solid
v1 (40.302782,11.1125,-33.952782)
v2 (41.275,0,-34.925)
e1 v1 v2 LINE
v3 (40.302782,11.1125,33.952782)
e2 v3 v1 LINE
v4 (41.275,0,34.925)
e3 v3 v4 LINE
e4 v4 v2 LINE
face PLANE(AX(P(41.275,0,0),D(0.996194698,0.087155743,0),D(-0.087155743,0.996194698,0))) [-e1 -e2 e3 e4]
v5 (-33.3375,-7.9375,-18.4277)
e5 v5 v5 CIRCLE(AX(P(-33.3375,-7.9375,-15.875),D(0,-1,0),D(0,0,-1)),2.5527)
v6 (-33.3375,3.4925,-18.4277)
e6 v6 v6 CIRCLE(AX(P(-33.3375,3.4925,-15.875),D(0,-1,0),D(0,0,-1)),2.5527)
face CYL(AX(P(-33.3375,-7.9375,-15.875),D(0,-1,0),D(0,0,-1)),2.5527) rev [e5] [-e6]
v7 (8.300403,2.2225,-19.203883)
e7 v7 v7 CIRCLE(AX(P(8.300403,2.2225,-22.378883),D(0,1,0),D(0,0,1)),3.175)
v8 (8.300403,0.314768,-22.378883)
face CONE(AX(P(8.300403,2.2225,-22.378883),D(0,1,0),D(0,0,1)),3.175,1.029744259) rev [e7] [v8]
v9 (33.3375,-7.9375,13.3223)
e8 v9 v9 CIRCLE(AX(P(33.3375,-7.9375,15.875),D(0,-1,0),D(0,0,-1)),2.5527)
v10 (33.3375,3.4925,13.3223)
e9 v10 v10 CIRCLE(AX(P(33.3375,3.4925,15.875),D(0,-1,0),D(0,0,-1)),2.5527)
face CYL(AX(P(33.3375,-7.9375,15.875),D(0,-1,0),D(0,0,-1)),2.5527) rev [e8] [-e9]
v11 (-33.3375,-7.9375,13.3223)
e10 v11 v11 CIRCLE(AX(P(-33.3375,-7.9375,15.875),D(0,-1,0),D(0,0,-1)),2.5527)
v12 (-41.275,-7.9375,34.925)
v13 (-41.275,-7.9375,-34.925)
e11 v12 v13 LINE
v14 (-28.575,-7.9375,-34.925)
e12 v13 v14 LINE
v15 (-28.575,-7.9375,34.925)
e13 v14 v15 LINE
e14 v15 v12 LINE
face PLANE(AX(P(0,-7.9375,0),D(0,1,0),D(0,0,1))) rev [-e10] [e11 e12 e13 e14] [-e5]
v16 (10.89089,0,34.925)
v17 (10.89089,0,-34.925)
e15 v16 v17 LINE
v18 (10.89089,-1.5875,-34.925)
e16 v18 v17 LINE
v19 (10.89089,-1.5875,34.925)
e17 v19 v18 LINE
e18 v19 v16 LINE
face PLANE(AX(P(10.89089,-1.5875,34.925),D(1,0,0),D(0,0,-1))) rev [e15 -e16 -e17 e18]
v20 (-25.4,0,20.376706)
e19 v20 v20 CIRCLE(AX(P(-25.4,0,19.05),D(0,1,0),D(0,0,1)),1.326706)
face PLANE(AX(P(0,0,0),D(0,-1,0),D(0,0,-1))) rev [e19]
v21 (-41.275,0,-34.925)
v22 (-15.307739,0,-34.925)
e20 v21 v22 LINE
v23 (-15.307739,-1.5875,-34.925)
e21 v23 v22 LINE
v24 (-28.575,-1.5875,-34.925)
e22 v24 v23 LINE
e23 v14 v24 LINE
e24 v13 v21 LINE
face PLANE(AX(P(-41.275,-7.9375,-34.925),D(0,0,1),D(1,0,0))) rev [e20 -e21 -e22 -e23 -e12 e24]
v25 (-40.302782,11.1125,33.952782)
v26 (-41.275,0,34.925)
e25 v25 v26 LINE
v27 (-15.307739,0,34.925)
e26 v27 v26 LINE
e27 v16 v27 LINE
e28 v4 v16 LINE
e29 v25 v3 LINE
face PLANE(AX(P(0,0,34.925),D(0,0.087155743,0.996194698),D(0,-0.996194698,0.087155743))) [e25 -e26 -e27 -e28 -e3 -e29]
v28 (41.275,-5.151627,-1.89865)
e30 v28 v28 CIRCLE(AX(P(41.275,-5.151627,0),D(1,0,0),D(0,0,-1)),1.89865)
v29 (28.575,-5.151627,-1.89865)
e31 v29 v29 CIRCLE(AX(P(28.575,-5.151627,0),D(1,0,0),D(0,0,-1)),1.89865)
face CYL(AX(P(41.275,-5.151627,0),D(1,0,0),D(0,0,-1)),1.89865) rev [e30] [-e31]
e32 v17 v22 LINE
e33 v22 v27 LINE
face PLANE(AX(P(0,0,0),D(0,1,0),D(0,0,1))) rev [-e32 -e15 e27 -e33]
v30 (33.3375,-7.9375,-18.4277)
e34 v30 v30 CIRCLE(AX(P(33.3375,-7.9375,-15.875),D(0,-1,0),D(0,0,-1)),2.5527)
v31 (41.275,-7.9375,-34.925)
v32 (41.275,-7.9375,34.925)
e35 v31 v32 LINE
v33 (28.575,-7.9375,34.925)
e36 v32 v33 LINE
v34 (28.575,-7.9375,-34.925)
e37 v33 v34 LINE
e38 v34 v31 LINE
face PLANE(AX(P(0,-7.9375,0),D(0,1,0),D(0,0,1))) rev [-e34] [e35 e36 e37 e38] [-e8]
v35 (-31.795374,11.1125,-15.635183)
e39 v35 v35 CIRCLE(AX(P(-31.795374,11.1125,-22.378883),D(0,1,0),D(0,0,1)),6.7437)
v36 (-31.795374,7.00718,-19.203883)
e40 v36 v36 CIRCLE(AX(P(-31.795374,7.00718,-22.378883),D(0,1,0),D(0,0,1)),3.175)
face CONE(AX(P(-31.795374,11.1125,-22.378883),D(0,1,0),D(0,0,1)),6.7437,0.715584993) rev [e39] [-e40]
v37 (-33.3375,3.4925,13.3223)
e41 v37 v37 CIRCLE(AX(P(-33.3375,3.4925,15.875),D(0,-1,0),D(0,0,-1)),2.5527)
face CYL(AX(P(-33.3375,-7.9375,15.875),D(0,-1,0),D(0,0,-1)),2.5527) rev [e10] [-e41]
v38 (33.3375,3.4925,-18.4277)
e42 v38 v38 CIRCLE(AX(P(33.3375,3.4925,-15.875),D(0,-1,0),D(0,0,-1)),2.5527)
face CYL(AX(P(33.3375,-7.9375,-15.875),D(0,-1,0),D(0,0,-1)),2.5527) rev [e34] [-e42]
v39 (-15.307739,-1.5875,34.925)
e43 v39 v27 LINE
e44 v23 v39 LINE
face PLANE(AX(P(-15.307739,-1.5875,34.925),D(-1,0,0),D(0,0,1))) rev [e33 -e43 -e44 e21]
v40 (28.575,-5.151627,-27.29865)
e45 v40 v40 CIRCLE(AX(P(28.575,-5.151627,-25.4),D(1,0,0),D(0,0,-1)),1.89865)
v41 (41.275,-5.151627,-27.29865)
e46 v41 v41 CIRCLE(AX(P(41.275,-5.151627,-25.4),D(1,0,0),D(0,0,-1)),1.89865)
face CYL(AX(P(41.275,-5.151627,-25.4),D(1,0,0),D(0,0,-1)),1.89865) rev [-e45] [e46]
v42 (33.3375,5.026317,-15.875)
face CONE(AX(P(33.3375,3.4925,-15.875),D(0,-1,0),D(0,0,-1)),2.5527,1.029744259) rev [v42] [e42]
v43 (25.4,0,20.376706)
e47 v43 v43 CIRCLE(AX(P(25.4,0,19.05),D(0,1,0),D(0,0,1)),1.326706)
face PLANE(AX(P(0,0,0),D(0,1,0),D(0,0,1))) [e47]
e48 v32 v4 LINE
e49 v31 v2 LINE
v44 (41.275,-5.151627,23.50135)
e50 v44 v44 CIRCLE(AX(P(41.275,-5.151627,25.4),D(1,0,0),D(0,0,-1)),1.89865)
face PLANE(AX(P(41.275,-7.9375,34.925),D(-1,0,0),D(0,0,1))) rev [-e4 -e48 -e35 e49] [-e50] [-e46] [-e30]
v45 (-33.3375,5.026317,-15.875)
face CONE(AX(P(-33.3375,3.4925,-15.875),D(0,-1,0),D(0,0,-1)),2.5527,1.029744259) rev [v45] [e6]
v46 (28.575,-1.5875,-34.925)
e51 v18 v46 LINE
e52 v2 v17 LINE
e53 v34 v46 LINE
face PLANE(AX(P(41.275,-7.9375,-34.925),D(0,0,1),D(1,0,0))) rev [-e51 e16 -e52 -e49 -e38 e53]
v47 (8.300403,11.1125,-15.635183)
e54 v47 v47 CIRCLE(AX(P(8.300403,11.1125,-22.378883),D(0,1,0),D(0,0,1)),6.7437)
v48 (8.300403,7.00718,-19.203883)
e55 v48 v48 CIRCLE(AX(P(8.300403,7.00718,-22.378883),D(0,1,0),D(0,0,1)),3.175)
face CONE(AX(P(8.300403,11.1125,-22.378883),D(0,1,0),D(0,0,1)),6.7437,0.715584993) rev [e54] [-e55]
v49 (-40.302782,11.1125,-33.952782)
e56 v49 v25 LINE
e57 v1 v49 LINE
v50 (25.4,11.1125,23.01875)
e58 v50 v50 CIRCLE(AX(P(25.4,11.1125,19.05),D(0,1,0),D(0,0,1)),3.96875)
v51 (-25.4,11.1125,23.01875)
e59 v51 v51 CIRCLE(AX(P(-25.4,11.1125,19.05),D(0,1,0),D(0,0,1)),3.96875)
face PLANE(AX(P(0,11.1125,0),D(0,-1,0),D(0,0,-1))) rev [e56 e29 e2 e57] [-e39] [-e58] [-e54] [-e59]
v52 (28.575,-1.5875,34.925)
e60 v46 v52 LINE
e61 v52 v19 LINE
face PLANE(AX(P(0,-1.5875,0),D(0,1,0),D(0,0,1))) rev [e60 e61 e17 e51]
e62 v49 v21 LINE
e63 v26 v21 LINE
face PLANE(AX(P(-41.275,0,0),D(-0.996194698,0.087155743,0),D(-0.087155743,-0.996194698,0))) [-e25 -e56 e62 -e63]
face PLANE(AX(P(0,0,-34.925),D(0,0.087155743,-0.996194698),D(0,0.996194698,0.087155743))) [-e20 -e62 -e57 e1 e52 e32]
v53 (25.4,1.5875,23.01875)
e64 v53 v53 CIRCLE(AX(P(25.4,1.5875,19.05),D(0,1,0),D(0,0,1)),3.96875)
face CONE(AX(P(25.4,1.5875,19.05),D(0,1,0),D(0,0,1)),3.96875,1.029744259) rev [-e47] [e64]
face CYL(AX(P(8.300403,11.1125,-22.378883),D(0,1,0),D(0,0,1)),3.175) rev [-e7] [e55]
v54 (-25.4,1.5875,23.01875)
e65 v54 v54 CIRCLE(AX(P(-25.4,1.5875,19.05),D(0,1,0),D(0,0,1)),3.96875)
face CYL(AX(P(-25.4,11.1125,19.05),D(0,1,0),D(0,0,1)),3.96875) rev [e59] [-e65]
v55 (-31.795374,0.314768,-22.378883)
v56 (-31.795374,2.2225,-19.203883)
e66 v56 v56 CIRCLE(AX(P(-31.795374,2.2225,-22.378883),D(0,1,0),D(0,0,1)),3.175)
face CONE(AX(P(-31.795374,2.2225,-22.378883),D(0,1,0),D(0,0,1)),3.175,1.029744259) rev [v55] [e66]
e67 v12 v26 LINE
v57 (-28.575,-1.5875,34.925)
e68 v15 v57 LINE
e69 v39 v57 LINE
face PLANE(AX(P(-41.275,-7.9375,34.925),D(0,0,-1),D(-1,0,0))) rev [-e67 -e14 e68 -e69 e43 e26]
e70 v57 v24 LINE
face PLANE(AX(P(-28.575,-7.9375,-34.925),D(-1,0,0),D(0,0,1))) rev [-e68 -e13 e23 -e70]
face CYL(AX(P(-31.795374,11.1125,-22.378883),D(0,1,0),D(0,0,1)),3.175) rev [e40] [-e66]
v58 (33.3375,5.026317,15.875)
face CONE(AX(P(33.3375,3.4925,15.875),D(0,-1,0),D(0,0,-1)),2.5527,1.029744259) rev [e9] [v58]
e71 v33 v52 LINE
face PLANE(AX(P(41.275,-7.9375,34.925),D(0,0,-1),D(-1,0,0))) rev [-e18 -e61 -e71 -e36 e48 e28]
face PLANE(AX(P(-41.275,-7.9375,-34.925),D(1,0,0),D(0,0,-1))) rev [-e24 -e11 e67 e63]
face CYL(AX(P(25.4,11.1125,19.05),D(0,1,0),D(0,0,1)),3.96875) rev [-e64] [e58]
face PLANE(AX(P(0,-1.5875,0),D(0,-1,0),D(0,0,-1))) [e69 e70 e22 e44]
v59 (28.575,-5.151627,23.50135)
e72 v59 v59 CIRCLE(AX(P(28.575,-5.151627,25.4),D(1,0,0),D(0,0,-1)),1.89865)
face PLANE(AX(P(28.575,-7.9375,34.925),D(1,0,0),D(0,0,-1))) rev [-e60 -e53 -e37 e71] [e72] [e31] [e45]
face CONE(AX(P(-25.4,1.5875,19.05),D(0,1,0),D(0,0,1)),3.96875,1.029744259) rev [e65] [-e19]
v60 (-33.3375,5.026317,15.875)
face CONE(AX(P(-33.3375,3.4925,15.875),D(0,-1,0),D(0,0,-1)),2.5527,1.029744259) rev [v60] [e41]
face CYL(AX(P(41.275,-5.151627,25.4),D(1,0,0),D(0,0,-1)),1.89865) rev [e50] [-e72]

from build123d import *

# Parameters (mm, degrees)
SKETCH1_W                             = 82.55
SKETCH1_H                             = 69.85
BOSS_EXTRUDE1_DEPTH                   = 7.9375
SKETCH2_W                             = 82.55
SKETCH2_H                             = 69.85
BOSS_EXTRUDE2_DEPTH                   = 3.175
F_3_8_16_TAPPED_HOLE1_D               = 7.9375
F_3_8_16_TAPPED_HOLE1_DEPTH           = 9.525
F_3_8_16_TAPPED_HOLE1_TIP             = 2.384665582
DRAFT1_ANGLE                          = 5
SKETCH3_W                             = 12.7
SKETCH3_H                             = 69.85
BOSS_EXTRUDE3_DEPTH                   = 7.9375
SKETCH4_W                             = 13.267261336
SKETCH4_H                             = 69.85
SKETCH4_W_2                           = 17.684109612
WEAR_PADS_DEPTH                       = 1.5875
F_10_24_TAPPED_HOLE1_D                = 3.7973
F_10_24_TAPPED_HOLE1_DEPTH            = 12.7
F_1_4_0_25_DIAMETER_HOLE1_D           = 6.35
F_1_4_0_25_DIAMETER_HOLE1_DEPTH       = 8.89
F_1_4_0_25_DIAMETER_HOLE1_CSINK_D     = 13.4874
F_1_4_0_25_DIAMETER_HOLE1_CSINK_ANGLE = 82
F_1_4_0_25_DIAMETER_HOLE1_TIP         = 1.907732465
F_1_4_20_TAPPED_HOLE1_D               = 5.1054
F_1_4_20_TAPPED_HOLE1_DEPTH           = 11.43
F_1_4_20_TAPPED_HOLE1_TIP             = 1.533816902
F_1_4_20_TAPPED_HOLE2_D               = 5.1054
F_1_4_20_TAPPED_HOLE2_DEPTH           = 11.43
F_1_4_20_TAPPED_HOLE2_TIP             = 1.533816902


with BuildPart() as part:
    # Sketch1 → Boss-Extrude1 (new body)
    with BuildSketch(Plane(origin=(0, 0, 0), x_dir=(1, 0, 0), z_dir=(0, 1, 0))):
        Rectangle(SKETCH1_W, SKETCH1_H)
    extrude(amount=BOSS_EXTRUDE1_DEPTH)

    # Sketch2 → Boss-Extrude2 (add)
    with BuildSketch(Plane(origin=(0, 7.9375, 0), x_dir=(1, 0, 0), z_dir=(0, 1, 0))):
        Rectangle(SKETCH2_W, SKETCH2_H)
    extrude(amount=BOSS_EXTRUDE2_DEPTH)

    # 3/8-16 Tapped Hole1
    with Locations(Plane(origin=(0, 11.1125, 0), x_dir=(1, 0, 0), z_dir=(0, 1, 0))):
        with Locations((-25.4, -19.05), (25.4, -19.05)):
            Hole(F_3_8_16_TAPPED_HOLE1_D / 2, depth=F_3_8_16_TAPPED_HOLE1_DEPTH)
            with Locations((0, 0, -(F_3_8_16_TAPPED_HOLE1_DEPTH + F_3_8_16_TAPPED_HOLE1_TIP / 2))):  # 118° drill point
                Cone(0, F_3_8_16_TAPPED_HOLE1_D / 2, F_3_8_16_TAPPED_HOLE1_TIP, mode=Mode.SUBTRACT)

    # Draft1
    draft1_faces = [part.faces().sort_by_distance(p)[0] for p in [
        (0, 5.55625, -34.925),
        (-41.275, 5.55625, 0),
        (0, 5.55625, 34.925),
        (41.275, 5.55625, 0),
    ]]
    draft(draft1_faces, Plane.ZX, DRAFT1_ANGLE)

    # Sketch3 → Boss-Extrude3 (add)
    with BuildSketch(Plane.XZ):
        with Locations((34.925, 0)):
            Rectangle(SKETCH3_W, SKETCH3_H)
        with Locations((-34.925, 0)):
            Rectangle(SKETCH3_W, SKETCH3_H)
    extrude(amount=BOSS_EXTRUDE3_DEPTH)

    # Sketch4 → Wear Pads (add)
    with BuildSketch(Plane.XZ):
        with Locations((-21.941369332, 0)):
            Rectangle(SKETCH4_W, SKETCH4_H)
        with Locations((19.732945194, 0)):
            Rectangle(SKETCH4_W_2, SKETCH4_H)
    extrude(amount=WEAR_PADS_DEPTH)

    # #10-24 Tapped Hole1
    with Locations(Plane(origin=(41.275, 0, 0), x_dir=(0, 0, -1), z_dir=(1, 0, 0))):
        with Locations((-25.4, -5.151627132), (25.4, -5.151627132), (0, -5.151627132)):
            Hole(F_10_24_TAPPED_HOLE1_D / 2, depth=F_10_24_TAPPED_HOLE1_DEPTH)

    # 1/4 (0.25) Diameter Hole1
    with Locations(Plane(origin=(0, 11.1125, 0), x_dir=(1, 0, 0), z_dir=(0, 1, 0))):
        with Locations((-31.795373704, 22.378883405), (8.300402943, 22.378883405)):
            CounterSinkHole(F_1_4_0_25_DIAMETER_HOLE1_D / 2, F_1_4_0_25_DIAMETER_HOLE1_CSINK_D / 2, depth=F_1_4_0_25_DIAMETER_HOLE1_DEPTH, counter_sink_angle=F_1_4_0_25_DIAMETER_HOLE1_CSINK_ANGLE)
            with Locations((0, 0, -(F_1_4_0_25_DIAMETER_HOLE1_DEPTH + F_1_4_0_25_DIAMETER_HOLE1_TIP / 2))):  # 118° drill point
                Cone(0, F_1_4_0_25_DIAMETER_HOLE1_D / 2, F_1_4_0_25_DIAMETER_HOLE1_TIP, mode=Mode.SUBTRACT)

    # 1/4-20 Tapped Hole1
    with Locations(Plane(origin=(0, -7.9375, 0), x_dir=(-1, 0, 0), z_dir=(0, -1, 0))):
        with Locations((-33.3375, 15.875), (-33.3375, -15.875)):
            Hole(F_1_4_20_TAPPED_HOLE1_D / 2, depth=F_1_4_20_TAPPED_HOLE1_DEPTH)
            with Locations((0, 0, -(F_1_4_20_TAPPED_HOLE1_DEPTH + F_1_4_20_TAPPED_HOLE1_TIP / 2))):  # 118° drill point
                Cone(0, F_1_4_20_TAPPED_HOLE1_D / 2, F_1_4_20_TAPPED_HOLE1_TIP, mode=Mode.SUBTRACT)

    # 1/4-20 Tapped Hole2
    with Locations(Plane(origin=(0, -7.9375, 0), x_dir=(-1, 0, 0), z_dir=(0, -1, 0))):
        with Locations((33.3375, -15.875), (33.3375, 15.875)):
            Hole(F_1_4_20_TAPPED_HOLE2_D / 2, depth=F_1_4_20_TAPPED_HOLE2_DEPTH)
            with Locations((0, 0, -(F_1_4_20_TAPPED_HOLE2_DEPTH + F_1_4_20_TAPPED_HOLE2_TIP / 2))):  # 118° drill point
                Cone(0, F_1_4_20_TAPPED_HOLE2_D / 2, F_1_4_20_TAPPED_HOLE2_TIP, mode=Mode.SUBTRACT)


solid = part.part
